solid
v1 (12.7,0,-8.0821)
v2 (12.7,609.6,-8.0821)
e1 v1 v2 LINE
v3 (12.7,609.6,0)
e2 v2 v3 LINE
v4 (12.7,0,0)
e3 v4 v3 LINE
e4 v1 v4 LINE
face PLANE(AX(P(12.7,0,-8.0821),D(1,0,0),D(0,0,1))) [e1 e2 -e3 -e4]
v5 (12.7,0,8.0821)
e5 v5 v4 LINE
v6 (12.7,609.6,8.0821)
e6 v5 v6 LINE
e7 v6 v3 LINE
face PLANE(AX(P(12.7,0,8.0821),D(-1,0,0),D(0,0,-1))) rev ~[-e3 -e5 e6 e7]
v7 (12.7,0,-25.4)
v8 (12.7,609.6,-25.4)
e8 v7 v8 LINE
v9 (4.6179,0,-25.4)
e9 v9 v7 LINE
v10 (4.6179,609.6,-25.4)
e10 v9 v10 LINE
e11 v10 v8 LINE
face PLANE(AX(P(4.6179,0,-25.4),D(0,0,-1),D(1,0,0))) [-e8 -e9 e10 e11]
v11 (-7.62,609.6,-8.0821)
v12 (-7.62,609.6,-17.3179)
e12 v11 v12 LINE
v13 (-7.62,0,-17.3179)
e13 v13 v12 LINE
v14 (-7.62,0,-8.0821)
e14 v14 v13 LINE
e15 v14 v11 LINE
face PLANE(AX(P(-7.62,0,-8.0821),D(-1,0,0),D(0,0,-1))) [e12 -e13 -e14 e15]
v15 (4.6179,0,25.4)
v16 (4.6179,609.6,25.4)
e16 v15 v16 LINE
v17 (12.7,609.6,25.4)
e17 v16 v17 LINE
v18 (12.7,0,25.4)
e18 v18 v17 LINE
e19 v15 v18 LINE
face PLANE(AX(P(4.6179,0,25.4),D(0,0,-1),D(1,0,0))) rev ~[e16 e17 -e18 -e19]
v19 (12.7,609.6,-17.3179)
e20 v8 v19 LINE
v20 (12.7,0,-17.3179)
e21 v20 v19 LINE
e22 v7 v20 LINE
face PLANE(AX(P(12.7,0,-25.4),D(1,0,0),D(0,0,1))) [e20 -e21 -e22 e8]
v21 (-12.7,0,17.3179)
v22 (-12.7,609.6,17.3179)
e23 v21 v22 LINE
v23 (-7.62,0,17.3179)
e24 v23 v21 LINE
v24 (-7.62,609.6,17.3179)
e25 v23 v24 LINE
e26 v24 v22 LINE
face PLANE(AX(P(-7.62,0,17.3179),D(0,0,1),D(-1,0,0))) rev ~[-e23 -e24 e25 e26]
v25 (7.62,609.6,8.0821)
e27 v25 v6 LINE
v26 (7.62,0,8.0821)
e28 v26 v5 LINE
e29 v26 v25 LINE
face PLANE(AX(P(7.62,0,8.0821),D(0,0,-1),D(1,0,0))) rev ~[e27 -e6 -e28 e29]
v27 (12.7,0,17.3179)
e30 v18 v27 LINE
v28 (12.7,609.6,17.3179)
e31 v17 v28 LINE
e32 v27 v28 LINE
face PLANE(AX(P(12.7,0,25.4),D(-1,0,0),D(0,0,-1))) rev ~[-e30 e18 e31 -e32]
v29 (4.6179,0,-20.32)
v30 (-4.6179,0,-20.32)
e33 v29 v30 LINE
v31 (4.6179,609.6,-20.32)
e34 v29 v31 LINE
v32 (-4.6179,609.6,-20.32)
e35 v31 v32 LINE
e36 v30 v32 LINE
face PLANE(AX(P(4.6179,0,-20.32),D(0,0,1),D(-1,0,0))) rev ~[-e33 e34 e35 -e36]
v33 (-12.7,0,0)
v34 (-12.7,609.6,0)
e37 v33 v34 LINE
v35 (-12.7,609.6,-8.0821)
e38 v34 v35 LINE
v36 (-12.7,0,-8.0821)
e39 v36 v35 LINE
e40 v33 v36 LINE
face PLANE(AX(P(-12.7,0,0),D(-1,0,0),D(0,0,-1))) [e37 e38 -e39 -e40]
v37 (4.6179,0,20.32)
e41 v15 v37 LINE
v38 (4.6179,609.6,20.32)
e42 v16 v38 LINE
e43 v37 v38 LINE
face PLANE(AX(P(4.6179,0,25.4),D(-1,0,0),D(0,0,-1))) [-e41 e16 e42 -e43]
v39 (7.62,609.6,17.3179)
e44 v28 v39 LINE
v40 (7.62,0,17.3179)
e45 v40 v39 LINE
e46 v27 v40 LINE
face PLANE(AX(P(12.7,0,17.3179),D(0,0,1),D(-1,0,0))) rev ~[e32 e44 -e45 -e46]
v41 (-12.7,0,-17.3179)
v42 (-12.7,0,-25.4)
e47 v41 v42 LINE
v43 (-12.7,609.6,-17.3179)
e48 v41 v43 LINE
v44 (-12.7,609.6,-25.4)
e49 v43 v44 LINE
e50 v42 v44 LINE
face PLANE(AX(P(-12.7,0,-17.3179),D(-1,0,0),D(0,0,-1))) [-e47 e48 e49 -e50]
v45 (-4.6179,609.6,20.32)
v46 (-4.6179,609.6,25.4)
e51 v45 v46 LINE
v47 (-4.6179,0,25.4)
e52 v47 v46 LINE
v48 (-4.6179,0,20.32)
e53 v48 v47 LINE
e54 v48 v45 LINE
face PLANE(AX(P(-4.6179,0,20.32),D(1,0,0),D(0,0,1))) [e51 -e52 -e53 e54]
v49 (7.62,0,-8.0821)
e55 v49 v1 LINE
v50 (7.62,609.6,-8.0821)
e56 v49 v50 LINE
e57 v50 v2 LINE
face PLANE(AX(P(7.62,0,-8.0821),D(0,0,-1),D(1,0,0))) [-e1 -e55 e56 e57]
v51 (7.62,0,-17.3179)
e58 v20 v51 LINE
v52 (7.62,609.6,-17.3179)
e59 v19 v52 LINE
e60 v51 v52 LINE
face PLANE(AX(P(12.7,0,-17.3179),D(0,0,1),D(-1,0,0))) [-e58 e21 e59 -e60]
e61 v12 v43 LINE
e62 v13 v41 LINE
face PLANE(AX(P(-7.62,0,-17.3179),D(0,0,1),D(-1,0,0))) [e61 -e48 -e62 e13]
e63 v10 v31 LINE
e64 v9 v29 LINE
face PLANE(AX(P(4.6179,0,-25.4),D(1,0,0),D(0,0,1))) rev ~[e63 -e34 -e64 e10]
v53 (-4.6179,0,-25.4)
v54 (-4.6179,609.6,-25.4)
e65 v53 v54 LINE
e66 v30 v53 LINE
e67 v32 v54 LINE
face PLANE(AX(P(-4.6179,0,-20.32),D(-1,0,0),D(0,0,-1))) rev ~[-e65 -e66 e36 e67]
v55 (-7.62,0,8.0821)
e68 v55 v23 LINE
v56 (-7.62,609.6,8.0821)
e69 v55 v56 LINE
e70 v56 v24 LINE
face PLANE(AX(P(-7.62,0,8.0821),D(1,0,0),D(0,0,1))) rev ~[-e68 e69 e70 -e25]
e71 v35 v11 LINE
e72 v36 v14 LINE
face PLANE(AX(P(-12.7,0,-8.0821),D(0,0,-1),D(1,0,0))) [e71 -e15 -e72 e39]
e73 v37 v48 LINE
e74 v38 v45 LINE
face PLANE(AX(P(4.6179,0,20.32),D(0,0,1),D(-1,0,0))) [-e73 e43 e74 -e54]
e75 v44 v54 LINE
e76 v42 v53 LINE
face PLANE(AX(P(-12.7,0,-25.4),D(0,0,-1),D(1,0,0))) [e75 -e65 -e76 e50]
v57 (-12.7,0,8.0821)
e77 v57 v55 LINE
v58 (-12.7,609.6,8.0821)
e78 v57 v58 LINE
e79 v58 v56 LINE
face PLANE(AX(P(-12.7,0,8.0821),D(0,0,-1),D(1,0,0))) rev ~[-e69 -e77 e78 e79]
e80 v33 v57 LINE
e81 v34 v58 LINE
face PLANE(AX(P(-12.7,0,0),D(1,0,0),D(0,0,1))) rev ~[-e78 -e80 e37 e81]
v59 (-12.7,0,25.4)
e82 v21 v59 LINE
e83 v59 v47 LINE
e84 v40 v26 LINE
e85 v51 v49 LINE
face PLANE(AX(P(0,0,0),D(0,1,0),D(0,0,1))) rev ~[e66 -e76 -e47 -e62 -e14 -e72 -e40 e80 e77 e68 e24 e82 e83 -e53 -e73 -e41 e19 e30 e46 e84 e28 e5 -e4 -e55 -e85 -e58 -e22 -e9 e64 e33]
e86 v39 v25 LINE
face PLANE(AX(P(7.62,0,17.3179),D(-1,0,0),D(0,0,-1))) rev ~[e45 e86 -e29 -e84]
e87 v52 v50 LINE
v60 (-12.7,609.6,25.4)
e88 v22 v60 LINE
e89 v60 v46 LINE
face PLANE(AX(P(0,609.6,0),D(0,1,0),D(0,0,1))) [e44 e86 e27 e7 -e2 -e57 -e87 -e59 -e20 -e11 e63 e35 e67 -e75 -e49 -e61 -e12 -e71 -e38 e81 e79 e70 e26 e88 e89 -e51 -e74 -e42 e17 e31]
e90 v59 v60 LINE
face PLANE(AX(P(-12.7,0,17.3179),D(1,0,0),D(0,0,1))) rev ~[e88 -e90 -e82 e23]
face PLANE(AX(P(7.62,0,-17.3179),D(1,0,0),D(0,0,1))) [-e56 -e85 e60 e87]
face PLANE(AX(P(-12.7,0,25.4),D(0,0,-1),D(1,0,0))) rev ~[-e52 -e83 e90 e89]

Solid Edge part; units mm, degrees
sketch "Sketch1" plane through (0, 0, 0) normal (0, -1, 0) x (1, 0, 0)
  line L0 (12.7, 25.4) -> (12.7, 17.3179)
  line L1 (12.7, 17.3179) -> (7.62, 17.3179)
  line L2 (7.62, 17.3179) -> (7.62, 8.0821)
  line L3 (7.62, 8.0821) -> (12.7, 8.0821)
  line L4 (12.7, 8.0821) -> (12.7, 0)
  line L5 (12.7, -8.0821) -> (12.7, 0)
  line L6 (7.62, -8.0821) -> (12.7, -8.0821)
  line L7 (7.62, -17.3179) -> (7.62, -8.0821)
  line L8 (12.7, -17.3179) -> (7.62, -17.3179)
  line L9 (12.7, -25.4) -> (12.7, -17.3179)
  line L10 (4.6179, -25.4) -> (12.7, -25.4)
  line L11 (4.6179, -25.4) -> (4.6179, -20.32)
  line L12 (4.6179, -20.32) -> (-4.6179, -20.32)
  line L13 (-4.6179, -20.32) -> (-4.6179, -25.4)
  line L14 (-12.7, -25.4) -> (-4.6179, -25.4)
  line L15 (-12.7, -17.3179) -> (-12.7, -25.4)
  line L16 (-7.62, -17.3179) -> (-12.7, -17.3179)
  line L17 (-7.62, -8.0821) -> (-7.62, -17.3179)
  line L18 (-12.7, -8.0821) -> (-7.62, -8.0821)
  line L19 (-12.7, 0) -> (-12.7, -8.0821)
  line L20 (-12.7, 0) -> (-12.7, 8.0821)
  line L21 (-12.7, 8.0821) -> (-7.62, 8.0821)
  line L22 (-7.62, 8.0821) -> (-7.62, 17.3179)
  line L23 (-7.62, 17.3179) -> (-12.7, 17.3179)
  line L24 (-12.7, 17.3179) -> (-12.7, 25.4)
  line L25 (-12.7, 25.4) -> (-4.6179, 25.4)
  line L26 (-4.6179, 20.32) -> (-4.6179, 25.4)
  line L27 (4.6179, 20.32) -> (-4.6179, 20.32)
  line L28 (4.6179, 25.4) -> (4.6179, 20.32)
  line L29 (4.6179, 25.4) -> (12.7, 25.4)
extrude "Protrusion1" add sketch "Sketch1" against normal blind 609.6
